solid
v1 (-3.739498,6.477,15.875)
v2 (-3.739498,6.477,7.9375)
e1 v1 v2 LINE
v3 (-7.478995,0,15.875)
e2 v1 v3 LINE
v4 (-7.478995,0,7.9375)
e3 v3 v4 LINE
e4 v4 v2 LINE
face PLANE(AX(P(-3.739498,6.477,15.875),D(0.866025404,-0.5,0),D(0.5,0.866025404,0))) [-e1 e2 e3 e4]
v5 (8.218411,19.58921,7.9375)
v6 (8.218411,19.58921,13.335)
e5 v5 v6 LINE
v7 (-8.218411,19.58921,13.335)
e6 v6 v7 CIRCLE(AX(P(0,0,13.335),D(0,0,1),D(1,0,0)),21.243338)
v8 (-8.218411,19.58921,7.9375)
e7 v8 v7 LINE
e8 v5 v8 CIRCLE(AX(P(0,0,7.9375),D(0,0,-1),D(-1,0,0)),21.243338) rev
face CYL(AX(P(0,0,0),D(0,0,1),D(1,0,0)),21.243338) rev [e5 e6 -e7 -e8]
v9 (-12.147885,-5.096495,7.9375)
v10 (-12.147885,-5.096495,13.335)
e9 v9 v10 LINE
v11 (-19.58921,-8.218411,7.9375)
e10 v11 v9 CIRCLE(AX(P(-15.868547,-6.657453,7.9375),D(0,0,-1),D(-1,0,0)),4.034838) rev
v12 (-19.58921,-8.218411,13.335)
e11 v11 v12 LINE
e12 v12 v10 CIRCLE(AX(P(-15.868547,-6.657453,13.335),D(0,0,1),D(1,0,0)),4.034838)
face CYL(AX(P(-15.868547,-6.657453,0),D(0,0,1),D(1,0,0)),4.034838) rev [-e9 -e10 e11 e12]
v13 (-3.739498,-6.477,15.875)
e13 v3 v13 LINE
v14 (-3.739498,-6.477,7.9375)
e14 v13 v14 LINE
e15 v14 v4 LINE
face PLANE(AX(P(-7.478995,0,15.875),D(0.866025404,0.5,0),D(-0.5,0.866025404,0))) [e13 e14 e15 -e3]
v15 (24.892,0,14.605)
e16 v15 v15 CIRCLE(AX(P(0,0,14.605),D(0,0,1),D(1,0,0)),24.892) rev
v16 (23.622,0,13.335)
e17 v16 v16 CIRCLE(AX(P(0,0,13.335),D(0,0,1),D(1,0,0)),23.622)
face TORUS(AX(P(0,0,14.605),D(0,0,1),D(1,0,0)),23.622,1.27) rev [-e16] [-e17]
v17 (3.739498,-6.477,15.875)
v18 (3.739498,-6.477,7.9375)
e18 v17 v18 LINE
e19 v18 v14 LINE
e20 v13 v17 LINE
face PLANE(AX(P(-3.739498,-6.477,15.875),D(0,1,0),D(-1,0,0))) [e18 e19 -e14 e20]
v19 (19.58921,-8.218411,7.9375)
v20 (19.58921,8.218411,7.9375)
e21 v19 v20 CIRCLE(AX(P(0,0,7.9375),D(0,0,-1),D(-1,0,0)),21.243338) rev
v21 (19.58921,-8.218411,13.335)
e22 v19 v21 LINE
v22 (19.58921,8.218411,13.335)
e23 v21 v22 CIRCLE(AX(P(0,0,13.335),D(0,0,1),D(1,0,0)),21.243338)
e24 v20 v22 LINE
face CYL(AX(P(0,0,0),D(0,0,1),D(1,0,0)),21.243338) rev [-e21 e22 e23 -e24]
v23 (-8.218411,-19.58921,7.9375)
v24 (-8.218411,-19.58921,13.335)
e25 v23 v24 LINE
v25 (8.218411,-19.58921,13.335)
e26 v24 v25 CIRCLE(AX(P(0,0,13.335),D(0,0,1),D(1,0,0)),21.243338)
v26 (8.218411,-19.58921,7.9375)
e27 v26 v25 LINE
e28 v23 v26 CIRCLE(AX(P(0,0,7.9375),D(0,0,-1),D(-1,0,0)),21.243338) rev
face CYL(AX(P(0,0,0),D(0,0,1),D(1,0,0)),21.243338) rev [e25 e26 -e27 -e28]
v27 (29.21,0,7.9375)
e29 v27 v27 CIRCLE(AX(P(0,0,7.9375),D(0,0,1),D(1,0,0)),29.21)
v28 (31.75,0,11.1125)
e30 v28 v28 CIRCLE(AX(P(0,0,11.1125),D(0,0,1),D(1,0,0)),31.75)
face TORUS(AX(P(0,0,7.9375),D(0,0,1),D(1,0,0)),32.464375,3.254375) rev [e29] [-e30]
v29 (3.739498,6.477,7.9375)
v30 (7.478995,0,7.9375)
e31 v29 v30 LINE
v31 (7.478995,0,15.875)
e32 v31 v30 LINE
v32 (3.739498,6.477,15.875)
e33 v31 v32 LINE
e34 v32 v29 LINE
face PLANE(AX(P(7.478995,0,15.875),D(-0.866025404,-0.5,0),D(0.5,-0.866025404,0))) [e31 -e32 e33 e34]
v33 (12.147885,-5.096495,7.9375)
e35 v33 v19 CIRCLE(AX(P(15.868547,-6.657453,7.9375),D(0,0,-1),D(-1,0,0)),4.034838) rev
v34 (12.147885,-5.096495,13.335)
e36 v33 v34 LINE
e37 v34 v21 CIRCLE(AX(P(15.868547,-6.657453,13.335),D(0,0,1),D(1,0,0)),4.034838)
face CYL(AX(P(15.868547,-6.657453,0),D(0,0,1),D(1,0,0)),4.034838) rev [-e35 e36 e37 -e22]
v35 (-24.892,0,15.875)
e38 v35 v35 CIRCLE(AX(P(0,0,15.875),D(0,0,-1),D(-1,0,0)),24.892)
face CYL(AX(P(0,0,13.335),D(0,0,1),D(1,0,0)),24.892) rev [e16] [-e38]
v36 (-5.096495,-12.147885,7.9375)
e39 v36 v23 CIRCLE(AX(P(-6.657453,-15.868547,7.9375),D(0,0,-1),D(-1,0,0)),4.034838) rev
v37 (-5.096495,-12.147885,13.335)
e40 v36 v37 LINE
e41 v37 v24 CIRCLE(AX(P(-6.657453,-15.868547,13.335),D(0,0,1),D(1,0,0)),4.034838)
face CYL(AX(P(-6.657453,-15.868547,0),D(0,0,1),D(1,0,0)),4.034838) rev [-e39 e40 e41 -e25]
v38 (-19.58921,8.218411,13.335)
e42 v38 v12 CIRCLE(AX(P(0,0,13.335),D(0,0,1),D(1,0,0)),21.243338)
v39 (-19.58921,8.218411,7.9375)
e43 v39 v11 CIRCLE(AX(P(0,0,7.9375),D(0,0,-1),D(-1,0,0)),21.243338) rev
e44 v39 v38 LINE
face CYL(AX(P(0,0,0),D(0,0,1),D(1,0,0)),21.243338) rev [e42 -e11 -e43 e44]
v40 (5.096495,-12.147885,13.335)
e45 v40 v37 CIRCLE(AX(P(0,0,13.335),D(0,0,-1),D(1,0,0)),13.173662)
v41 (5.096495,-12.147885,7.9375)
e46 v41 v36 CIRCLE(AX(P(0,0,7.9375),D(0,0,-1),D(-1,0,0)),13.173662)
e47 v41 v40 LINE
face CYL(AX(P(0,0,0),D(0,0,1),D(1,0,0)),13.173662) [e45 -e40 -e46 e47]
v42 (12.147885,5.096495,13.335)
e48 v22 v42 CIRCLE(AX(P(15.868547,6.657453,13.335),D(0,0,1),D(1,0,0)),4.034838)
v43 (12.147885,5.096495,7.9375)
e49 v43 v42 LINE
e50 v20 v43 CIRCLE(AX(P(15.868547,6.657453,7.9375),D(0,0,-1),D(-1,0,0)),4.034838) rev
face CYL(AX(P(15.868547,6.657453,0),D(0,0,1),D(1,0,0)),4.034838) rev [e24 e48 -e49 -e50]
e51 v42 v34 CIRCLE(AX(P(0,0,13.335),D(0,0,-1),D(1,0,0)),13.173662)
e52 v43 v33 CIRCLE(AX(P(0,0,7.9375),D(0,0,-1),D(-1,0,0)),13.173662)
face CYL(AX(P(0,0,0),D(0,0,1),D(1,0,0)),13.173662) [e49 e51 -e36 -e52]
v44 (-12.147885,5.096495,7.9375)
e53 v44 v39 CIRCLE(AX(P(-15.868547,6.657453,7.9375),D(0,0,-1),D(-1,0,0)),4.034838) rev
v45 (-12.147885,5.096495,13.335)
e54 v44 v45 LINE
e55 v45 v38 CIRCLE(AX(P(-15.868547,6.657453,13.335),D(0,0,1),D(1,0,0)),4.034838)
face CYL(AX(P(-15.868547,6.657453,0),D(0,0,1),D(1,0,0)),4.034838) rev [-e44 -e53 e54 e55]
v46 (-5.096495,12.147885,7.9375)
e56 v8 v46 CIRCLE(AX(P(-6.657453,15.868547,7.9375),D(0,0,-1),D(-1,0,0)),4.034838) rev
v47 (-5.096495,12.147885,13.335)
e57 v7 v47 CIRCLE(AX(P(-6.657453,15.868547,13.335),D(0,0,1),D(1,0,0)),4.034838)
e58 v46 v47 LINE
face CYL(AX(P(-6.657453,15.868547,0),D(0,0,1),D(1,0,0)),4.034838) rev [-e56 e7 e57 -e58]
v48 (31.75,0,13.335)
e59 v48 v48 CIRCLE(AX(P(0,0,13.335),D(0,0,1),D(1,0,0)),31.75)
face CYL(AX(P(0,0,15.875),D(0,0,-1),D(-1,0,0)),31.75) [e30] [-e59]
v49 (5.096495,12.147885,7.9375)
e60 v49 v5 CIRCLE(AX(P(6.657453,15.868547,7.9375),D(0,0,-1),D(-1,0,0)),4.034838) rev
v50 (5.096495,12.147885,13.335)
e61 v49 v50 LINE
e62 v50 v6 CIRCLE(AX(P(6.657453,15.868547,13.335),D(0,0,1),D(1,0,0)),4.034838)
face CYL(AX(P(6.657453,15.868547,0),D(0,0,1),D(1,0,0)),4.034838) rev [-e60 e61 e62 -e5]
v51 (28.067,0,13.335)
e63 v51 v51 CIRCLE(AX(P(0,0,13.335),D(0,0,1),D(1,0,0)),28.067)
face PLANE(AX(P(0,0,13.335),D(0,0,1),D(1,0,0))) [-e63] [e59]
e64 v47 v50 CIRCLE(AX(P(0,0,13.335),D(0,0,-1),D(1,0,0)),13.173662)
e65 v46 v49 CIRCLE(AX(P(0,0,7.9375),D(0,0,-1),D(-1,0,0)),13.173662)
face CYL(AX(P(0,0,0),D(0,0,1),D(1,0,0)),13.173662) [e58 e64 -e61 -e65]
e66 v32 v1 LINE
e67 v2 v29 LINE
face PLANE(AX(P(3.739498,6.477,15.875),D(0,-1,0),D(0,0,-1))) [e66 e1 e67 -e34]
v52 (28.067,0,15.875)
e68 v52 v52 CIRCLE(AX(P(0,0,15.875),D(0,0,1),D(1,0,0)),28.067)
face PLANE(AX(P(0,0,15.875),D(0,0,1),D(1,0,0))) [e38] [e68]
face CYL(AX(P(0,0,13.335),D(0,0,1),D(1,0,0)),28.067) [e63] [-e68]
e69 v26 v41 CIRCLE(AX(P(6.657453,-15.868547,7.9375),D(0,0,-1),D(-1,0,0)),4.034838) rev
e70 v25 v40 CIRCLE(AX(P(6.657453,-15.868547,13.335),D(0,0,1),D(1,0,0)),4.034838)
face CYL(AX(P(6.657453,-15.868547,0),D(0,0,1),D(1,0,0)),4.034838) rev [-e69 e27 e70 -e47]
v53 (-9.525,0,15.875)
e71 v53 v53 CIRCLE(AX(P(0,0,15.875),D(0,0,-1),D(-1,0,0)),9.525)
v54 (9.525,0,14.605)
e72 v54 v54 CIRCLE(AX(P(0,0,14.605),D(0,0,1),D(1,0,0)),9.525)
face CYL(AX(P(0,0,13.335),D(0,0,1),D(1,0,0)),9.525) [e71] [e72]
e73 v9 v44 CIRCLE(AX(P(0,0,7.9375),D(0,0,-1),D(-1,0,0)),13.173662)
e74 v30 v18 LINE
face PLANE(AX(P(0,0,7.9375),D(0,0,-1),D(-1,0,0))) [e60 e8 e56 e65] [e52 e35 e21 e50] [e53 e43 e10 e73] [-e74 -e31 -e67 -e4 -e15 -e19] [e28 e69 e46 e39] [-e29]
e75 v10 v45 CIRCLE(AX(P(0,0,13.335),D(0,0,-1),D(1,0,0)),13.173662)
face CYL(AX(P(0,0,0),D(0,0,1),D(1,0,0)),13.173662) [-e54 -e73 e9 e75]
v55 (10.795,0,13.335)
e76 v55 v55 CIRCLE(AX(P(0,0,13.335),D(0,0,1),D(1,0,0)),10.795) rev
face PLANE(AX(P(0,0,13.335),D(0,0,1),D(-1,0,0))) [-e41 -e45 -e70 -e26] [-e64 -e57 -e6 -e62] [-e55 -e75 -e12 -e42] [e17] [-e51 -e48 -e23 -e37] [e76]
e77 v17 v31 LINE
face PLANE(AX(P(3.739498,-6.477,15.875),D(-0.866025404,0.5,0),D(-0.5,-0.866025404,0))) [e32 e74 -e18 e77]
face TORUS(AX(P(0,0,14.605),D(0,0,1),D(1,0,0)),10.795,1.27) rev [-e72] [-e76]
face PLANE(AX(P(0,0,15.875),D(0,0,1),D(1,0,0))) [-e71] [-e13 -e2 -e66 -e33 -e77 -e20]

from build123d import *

# Parameters (mm, degrees)
SKETCH1_R                         = 31.75
HEX_AXEL_CUTOUT_OUTSIDE_RIM_DEPTH = 15.875
SKETCH3_R                         = 31.75
SKETCH3_R_2                       = 28.067
PIPE_STEP_DEPTH                   = 2.54
SKETCH5_R                         = 24.892
SKETCH5_R_2                       = 9.525
SPOKE_STEP_DEPTH                  = 2.54
SLOTS_DEPTH                       = 14.335
FILLET1_R                         = 1.27
SKETCH7_W                         = 163.08703459
SKETCH7_H                         = 168.65885573
MIDCUT_DEPTH                      = 8.9375


with BuildPart() as part:
    # Sketch1 → Hex Axel Cutout & Outside Rim (new body)
    with BuildSketch(Plane.XY):
        Circle(SKETCH1_R)
        Polygon((-7.478995387, 0), (-3.739497694, -6.477), (3.739497694, -6.477), (7.478995387, 0), (3.739497694, 6.477), (-3.739497694, 6.477), align=None, mode=Mode.SUBTRACT)
    extrude(amount=HEX_AXEL_CUTOUT_OUTSIDE_RIM_DEPTH)

    # Sketch3 → Pipe Step (cut)
    with BuildSketch(Plane.XY.offset(15.875)):
        Circle(SKETCH3_R)
        Circle(SKETCH3_R_2, mode=Mode.SUBTRACT)
    pipe_step = extrude(amount=-PIPE_STEP_DEPTH, mode=Mode.SUBTRACT)

    # Step Mirror: Pipe Step across plane
    add(pipe_step.mirror(Plane.XY.offset(7.9375)), mode=Mode.SUBTRACT)

    # Sketch4 → Poly Cord Groove (revolve, cut)
    with BuildSketch(Plane(origin=(0, 0, 0), x_dir=(0, 0, -1), z_dir=(1, 0, 0))):
        with BuildLine():
            Line((-4.7625, 31.75), (-11.1125, 31.75))
            ThreePointArc((-11.1125, 31.75), (-7.9375, 29.21), (-4.7625, 31.75))
        make_face()
    revolve(axis=Axis((0, 0, 13.335), (0, 0, -1)), mode=Mode.SUBTRACT)

    # Sketch5 → Spoke Step (cut)
    with BuildSketch(Plane(origin=(0, 0, 0), x_dir=(-1, 0, 0), z_dir=(0, 0, -1))):
        Circle(SKETCH5_R)
        Circle(SKETCH5_R_2, mode=Mode.SUBTRACT)
    spoke_step = extrude(amount=-SPOKE_STEP_DEPTH, mode=Mode.SUBTRACT)

    # Spoke Step Mirror: Spoke Step across plane
    add(spoke_step.mirror(Plane.XY.offset(7.9375)), mode=Mode.SUBTRACT)

    # Sketch6 → Slots (cut, through all)
    with BuildSketch(Plane.XY.offset(13.335)):
        with BuildLine():
            ThreePointArc((19.589209778, -8.218410987), (21.243338223, 0), (19.589209778, 8.218410987))
            ThreePointArc((19.589209778, 8.218410987), (14.307589254, 10.378115507), (12.147884733, 5.096494983))
            ThreePointArc((12.147884733, 5.096494983), (13.173661777, 0), (12.147884733, -5.096494983))
            ThreePointArc((12.147884733, -5.096494983), (14.307589254, -10.378115507), (19.589209778, -8.218410987))
        make_face()
        with BuildLine():
            ThreePointArc((-8.218410987, -19.589209778), (0, -21.243338223), (8.218410987, -19.589209778))
            ThreePointArc((8.218410987, -19.589209778), (10.378115507, -14.307589254), (5.096494983, -12.147884733))
            ThreePointArc((5.096494983, -12.147884733), (0, -13.173661777), (-5.096494983, -12.147884733))
            ThreePointArc((-5.096494983, -12.147884733), (-10.378115507, -14.307589254), (-8.218410987, -19.589209778))
        make_face()
        with BuildLine():
            ThreePointArc((-19.589209778, 8.218410987), (-21.243338223, 0), (-19.589209778, -8.218410987))
            ThreePointArc((-19.589209778, -8.218410987), (-14.307589254, -10.378115507), (-12.147884733, -5.096494983))
            ThreePointArc((-12.147884733, -5.096494983), (-13.173661777, 0), (-12.147884733, 5.096494983))
            ThreePointArc((-12.147884733, 5.096494983), (-14.307589254, 10.378115507), (-19.589209778, 8.218410987))
        make_face()
        with BuildLine():
            ThreePointArc((8.218410987, 19.589209778), (0, 21.243338223), (-8.218410987, 19.589209778))
            ThreePointArc((-8.218410987, 19.589209778), (-10.378115507, 14.307589254), (-5.096494983, 12.147884733))
            ThreePointArc((-5.096494983, 12.147884733), (0, 13.173661777), (5.096494983, 12.147884733))
            ThreePointArc((5.096494983, 12.147884733), (10.378115507, 14.307589254), (8.218410987, 19.589209778))
        make_face()
    extrude(amount=-SLOTS_DEPTH, mode=Mode.SUBTRACT)

    # Fillet1
    fillet1_edges = [part.edges().sort_by_distance(p)[0] for p in [
        (24.892, 0, 2.54),
        (9.525, 0, 2.54),
        (24.892, 0, 13.335),
        (9.525, 0, 13.335),
    ]]
    fillet(fillet1_edges, radius=FILLET1_R)

    # Sketch7 → MidCut (cut, through all)
    with BuildSketch(Plane.XY.offset(7.9375)):
        with Locations((2.006221024, 3.627486548)):
            Rectangle(SKETCH7_W, SKETCH7_H)
    extrude(amount=-MIDCUT_DEPTH, mode=Mode.SUBTRACT)


solid = part.part
